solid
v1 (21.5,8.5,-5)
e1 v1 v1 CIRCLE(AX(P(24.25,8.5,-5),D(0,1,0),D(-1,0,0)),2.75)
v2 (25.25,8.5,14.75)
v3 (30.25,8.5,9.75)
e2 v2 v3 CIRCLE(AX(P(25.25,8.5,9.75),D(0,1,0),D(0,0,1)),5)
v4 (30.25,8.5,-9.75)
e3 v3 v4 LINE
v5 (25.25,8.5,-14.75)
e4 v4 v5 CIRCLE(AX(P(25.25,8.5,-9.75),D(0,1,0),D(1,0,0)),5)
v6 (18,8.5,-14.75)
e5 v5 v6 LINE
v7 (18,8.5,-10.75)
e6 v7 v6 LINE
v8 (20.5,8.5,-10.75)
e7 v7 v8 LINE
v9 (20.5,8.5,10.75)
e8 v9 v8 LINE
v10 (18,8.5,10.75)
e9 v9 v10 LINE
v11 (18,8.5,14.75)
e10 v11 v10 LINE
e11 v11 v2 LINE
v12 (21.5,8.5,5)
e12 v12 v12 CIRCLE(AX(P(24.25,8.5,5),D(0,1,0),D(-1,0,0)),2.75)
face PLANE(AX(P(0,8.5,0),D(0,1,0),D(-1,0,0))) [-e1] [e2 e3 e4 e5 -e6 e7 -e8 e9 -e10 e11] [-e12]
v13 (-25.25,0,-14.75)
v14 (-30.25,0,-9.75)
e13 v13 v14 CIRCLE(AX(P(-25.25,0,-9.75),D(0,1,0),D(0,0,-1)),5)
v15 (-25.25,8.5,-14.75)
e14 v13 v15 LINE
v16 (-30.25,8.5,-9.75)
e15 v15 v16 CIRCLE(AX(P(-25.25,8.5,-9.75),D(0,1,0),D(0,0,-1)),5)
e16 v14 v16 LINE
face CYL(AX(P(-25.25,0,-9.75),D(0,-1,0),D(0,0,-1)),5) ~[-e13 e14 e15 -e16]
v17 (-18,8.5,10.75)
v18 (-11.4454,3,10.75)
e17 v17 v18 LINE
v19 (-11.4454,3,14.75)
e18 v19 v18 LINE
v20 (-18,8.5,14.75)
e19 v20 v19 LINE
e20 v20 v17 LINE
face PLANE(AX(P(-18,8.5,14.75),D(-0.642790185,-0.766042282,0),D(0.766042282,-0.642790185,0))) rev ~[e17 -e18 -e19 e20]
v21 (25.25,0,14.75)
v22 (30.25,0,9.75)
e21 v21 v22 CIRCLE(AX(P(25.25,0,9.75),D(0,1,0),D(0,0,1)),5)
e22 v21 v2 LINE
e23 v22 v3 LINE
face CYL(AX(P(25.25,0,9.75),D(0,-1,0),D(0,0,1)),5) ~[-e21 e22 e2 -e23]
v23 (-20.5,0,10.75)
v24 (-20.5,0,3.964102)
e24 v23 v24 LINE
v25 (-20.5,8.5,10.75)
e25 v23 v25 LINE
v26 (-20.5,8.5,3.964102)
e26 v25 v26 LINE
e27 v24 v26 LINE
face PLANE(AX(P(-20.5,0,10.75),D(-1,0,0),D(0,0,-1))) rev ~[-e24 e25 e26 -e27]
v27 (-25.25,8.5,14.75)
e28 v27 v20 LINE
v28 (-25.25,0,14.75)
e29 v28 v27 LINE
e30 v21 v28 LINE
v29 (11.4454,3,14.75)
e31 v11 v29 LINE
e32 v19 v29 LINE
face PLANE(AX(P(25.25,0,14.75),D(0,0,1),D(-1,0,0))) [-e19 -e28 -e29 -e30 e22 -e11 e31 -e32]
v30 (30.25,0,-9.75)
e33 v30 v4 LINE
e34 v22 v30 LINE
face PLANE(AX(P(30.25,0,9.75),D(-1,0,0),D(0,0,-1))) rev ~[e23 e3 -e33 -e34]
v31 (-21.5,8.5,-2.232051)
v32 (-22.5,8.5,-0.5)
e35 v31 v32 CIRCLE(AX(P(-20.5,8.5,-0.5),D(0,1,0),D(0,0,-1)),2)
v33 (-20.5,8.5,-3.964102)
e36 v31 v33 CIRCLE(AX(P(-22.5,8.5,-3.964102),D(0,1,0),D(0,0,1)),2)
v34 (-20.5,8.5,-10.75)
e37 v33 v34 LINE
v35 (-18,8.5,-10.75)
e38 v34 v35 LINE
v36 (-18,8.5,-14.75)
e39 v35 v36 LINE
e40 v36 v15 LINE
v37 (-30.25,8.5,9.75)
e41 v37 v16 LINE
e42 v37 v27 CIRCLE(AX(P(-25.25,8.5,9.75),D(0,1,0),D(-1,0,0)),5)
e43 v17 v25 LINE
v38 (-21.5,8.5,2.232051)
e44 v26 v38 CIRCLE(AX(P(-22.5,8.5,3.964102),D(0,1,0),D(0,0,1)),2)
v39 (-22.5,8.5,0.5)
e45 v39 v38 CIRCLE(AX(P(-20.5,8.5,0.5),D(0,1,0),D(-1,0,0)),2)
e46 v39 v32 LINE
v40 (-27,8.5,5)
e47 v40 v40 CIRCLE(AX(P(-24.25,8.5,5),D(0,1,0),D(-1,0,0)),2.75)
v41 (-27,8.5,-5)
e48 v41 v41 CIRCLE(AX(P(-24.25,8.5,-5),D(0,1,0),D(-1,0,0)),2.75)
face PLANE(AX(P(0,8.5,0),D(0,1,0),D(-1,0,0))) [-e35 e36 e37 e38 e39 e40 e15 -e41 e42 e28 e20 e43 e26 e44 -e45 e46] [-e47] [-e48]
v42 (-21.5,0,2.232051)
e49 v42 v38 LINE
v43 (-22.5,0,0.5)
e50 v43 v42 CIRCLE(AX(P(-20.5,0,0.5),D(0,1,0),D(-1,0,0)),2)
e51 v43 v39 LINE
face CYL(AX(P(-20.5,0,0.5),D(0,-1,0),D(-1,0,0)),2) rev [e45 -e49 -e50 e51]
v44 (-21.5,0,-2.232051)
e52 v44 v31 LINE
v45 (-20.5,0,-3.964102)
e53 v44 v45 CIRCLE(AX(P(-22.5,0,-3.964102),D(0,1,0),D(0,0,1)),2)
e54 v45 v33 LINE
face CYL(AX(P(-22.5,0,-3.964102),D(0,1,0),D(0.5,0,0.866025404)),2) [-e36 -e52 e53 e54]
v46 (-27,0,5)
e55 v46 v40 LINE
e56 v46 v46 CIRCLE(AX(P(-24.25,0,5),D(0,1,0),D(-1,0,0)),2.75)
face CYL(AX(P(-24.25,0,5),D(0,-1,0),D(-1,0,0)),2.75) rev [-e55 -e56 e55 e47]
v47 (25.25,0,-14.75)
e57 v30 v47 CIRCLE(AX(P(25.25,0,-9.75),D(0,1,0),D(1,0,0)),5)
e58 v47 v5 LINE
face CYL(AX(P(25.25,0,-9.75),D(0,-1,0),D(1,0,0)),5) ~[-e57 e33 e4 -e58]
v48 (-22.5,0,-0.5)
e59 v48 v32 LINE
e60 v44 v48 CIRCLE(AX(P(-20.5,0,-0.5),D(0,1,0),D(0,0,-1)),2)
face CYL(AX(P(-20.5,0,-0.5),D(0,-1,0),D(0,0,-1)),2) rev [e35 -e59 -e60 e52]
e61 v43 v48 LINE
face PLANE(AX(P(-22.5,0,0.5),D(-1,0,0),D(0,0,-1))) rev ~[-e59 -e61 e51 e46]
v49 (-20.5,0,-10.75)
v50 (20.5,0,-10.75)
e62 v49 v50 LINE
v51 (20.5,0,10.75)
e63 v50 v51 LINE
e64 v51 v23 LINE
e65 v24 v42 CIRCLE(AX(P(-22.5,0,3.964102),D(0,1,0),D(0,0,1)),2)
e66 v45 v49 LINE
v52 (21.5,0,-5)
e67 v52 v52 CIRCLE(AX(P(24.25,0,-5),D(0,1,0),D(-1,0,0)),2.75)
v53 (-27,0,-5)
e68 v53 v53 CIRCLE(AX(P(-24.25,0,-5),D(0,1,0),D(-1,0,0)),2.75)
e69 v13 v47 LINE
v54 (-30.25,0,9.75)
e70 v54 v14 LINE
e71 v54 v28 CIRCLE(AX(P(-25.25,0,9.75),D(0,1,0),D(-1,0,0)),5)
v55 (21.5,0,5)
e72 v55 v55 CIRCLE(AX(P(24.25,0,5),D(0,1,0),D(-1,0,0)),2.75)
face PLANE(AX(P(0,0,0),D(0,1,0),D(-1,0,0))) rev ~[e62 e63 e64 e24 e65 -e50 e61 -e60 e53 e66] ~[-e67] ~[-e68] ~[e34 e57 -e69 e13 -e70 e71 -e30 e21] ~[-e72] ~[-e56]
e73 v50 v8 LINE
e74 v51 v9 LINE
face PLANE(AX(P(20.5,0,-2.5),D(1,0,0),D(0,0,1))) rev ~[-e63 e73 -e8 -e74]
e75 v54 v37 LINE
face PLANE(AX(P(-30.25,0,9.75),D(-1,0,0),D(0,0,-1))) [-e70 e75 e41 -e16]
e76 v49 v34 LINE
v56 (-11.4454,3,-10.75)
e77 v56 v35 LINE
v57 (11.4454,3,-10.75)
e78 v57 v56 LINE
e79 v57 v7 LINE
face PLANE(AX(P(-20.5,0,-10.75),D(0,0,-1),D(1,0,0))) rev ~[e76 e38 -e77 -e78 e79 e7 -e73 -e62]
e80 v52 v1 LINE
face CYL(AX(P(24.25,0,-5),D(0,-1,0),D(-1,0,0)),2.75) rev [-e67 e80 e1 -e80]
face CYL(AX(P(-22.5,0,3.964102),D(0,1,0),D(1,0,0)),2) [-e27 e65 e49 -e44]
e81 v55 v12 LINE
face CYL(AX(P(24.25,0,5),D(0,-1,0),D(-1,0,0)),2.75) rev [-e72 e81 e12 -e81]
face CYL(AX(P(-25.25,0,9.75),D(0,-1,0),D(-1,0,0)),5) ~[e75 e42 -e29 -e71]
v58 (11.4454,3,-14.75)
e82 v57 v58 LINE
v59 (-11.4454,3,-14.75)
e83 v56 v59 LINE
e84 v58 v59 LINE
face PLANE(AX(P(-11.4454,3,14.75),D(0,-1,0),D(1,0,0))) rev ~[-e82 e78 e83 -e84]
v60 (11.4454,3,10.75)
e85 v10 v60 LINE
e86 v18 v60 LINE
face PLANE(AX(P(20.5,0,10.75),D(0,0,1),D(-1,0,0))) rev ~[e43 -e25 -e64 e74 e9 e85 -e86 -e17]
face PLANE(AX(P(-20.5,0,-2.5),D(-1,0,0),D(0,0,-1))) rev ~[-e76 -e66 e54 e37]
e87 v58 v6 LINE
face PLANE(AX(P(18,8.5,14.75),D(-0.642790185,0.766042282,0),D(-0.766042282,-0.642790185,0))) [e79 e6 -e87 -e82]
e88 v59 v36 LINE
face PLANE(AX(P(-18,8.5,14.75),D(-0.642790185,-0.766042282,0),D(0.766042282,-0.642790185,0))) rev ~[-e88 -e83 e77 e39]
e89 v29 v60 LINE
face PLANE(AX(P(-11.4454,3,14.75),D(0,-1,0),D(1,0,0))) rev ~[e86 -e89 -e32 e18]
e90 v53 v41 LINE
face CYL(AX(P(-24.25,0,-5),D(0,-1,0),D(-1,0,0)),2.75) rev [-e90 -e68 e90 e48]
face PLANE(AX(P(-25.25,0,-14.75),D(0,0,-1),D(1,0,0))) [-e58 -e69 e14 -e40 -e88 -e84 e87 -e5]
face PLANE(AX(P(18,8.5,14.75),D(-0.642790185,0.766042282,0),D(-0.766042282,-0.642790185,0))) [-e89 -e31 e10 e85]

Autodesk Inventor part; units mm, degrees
ref_plane "YZ Plane" through (0, 0, 0) normal (1, 0, 0) x (0, 1, 0)
ref_plane "XZ Plane" through (0, 0, 0) normal (0, 1, 0) x (-1, 0, 0)
ref_plane "XY Plane" through (0, 0, 0) normal (0, 0, 1) x (1, 0, 0)
sketch "Sketch1" plane through (0, 0, 0) normal (0, 1, 0) x (-1, 0, 0)
  line L0 (-20.5, 10.75) -> (20.5, 10.75)
  line L1 (20.5, 10.75) -> (20.5, -10.75)
  line L2 (20.5, -10.75) -> (-20.5, -10.75)
  line L3 (-20.5, -10.75) -> (-20.5, 10.75)
  line L4 (-20.5, 10.75) -> (20.5, -10.75) construction
  line L5 (20.5, 10.75) -> (-20.5, -10.75) construction
  line L6 (-24.25, 5) -> (24.25, 5) construction
  line L7 (24.25, 5) -> (24.25, -5) construction
  line L8 (24.25, -5) -> (-24.25, -5) construction
  line L9 (-24.25, -5) -> (-24.25, 5) construction
  line L10 (-24.25, 5) -> (24.25, -5) construction
  line L11 (24.25, 5) -> (-24.25, -5) construction
  circle A0 centre (24.25, 5) radius 2.75
  circle A1 centre (24.25, -5) radius 2.75
  circle A2 centre (-24.25, 5) radius 2.75
  circle A3 centre (-24.25, -5) radius 2.75
  line L12 (30.25, 9.75) -> (30.25, -9.75)
  line L13 (25.25, -14.75) -> (0, -14.75)
  line L14 (25.25, 14.75) -> (0, 14.75)
  line L15 (0, 14.75) -> (0, 0) construction
  line L16 (0, 0) -> (0, -14.75) construction
  arc A4 (30.25, 9.75) -> (25.25, 14.75) centre (25.25, 9.75) ccw
  arc A5 (25.25, -14.75) -> (30.25, -9.75) centre (25.25, -9.75) ccw
  line L17 (20.5, 2.5) -> (20.5, 2.5)
  line L18 (22.5, 0.5) -> (22.5, -0.5)
  line L19 (20.5, -2.5) -> (20.5, -2.5)
  line L20 (20.5, -2.5) -> (20.5, 2.5)
  line L21 (20.5, 2.5) -> (22.5, -2.5) construction
  line L22 (22.5, 2.5) -> (20.5, -2.5) construction
  line L23 (21.5, 0) -> (0, 0) construction
  line L24 (-30.25, 9.75) -> (-30.25, -9.75)
  line L25 (-25.25, -14.75) -> (0, -14.75)
  line L26 (-25.25, 14.75) -> (0, 14.75)
  arc A6 (-25.25, 14.75) -> (-30.25, 9.75) centre (-25.25, 9.75) ccw
  arc A7 (-30.25, -9.75) -> (-25.25, -14.75) centre (-25.25, -9.75) ccw
  arc A8 (22.5, 0.5) -> (20.5, 2.5) centre (20.5, 0.5) ccw
  arc A9 (20.5, -2.5) -> (22.5, -0.5) centre (20.5, -0.5) ccw
  line L27 (-20.5, 2.5) -> (-20.5, 2.5)
  line L28 (-22.5, 0.5) -> (-22.5, -0.5)
  line L29 (-20.5, -2.5) -> (-20.5, -2.5)
  line L30 (-20.5, -2.5) -> (-20.5, 2.5)
  line L31 (-20.5, 2.5) -> (-22.5, -2.5) construction
  line L32 (-22.5, 2.5) -> (-20.5, -2.5) construction
  arc A10 (-20.5, 2.5) -> (-22.5, 0.5) centre (-20.5, 0.5) ccw
  arc A11 (-22.5, -0.5) -> (-20.5, -2.5) centre (-20.5, -0.5) ccw
  point P0 (20.5, 2.5)
  point P1 (20.5, -2.5)
  point P2 (-21.5, 0)
  point P3 (-20.5, -2.5)
  point P4 (-20.5, 2.5)
  point P5 (20.5, 3.5)
  point P6 (20.5, -3.5)
  point P7 (-20.5, -3.5)
  point P8 (-20.5, 3.5)
  dimension "d0" = 21.5
  dimension "d1" = 41
  dimension "d2" = 5.5
  dimension "d3" = 48.5
  dimension "d4" = 10
  dimension "d5" = 4
  dimension "d6" = 4
  dimension "d7" = 6
  dimension "d8" = 5
  dimension "d9" = 5
  dimension "d10" = 5
  dimension "d11" = 2
  dimension "d12" = 2
extrude "Extrusion1" add sketch "Sketch1" along normal blind 8.5 contours L3 A11 L28 A10 | L12 A5 L13 L25 A7 L24 A6 L26 L14 A4
sketch "Sketch2" plane through (-25.25, 0, 14.75) normal (0, 0, 1) x (1, 0, 0)
  line L0 (0, 8.5) -> (50.5, 8.5) construction
  line L1 (7.25, 8.5) -> (13.8046, 3)
  line L2 (13.8046, 3) -> (25.25, 3)
  line L3 (25.25, 3) -> (25.25, 8.5)
  line L4 (7.25, 8.5) -> (25.25, 8.5)
  line L5 (43.25, 8.5) -> (36.6954, 3)
  line L6 (36.6954, 3) -> (25.25, 3)
  line L7 (43.25, 8.5) -> (25.25, 8.5)
  point P0 (25.25, 0)
  dimension "d15" = 18
  dimension "d16" = 40
  dimension "d17" = 3
extrude "Extrusion2" cut sketch "Sketch2" against normal through all
fillet "Fillet1" radius 2 2 edges at (-20.5, 4.25, 2.5) (-20.5, 4.25, -2.5)
equation "\"d6\" = d5"
properties part number "CH_01_0035_servo_mount" material "Acetal Resin, Black"
